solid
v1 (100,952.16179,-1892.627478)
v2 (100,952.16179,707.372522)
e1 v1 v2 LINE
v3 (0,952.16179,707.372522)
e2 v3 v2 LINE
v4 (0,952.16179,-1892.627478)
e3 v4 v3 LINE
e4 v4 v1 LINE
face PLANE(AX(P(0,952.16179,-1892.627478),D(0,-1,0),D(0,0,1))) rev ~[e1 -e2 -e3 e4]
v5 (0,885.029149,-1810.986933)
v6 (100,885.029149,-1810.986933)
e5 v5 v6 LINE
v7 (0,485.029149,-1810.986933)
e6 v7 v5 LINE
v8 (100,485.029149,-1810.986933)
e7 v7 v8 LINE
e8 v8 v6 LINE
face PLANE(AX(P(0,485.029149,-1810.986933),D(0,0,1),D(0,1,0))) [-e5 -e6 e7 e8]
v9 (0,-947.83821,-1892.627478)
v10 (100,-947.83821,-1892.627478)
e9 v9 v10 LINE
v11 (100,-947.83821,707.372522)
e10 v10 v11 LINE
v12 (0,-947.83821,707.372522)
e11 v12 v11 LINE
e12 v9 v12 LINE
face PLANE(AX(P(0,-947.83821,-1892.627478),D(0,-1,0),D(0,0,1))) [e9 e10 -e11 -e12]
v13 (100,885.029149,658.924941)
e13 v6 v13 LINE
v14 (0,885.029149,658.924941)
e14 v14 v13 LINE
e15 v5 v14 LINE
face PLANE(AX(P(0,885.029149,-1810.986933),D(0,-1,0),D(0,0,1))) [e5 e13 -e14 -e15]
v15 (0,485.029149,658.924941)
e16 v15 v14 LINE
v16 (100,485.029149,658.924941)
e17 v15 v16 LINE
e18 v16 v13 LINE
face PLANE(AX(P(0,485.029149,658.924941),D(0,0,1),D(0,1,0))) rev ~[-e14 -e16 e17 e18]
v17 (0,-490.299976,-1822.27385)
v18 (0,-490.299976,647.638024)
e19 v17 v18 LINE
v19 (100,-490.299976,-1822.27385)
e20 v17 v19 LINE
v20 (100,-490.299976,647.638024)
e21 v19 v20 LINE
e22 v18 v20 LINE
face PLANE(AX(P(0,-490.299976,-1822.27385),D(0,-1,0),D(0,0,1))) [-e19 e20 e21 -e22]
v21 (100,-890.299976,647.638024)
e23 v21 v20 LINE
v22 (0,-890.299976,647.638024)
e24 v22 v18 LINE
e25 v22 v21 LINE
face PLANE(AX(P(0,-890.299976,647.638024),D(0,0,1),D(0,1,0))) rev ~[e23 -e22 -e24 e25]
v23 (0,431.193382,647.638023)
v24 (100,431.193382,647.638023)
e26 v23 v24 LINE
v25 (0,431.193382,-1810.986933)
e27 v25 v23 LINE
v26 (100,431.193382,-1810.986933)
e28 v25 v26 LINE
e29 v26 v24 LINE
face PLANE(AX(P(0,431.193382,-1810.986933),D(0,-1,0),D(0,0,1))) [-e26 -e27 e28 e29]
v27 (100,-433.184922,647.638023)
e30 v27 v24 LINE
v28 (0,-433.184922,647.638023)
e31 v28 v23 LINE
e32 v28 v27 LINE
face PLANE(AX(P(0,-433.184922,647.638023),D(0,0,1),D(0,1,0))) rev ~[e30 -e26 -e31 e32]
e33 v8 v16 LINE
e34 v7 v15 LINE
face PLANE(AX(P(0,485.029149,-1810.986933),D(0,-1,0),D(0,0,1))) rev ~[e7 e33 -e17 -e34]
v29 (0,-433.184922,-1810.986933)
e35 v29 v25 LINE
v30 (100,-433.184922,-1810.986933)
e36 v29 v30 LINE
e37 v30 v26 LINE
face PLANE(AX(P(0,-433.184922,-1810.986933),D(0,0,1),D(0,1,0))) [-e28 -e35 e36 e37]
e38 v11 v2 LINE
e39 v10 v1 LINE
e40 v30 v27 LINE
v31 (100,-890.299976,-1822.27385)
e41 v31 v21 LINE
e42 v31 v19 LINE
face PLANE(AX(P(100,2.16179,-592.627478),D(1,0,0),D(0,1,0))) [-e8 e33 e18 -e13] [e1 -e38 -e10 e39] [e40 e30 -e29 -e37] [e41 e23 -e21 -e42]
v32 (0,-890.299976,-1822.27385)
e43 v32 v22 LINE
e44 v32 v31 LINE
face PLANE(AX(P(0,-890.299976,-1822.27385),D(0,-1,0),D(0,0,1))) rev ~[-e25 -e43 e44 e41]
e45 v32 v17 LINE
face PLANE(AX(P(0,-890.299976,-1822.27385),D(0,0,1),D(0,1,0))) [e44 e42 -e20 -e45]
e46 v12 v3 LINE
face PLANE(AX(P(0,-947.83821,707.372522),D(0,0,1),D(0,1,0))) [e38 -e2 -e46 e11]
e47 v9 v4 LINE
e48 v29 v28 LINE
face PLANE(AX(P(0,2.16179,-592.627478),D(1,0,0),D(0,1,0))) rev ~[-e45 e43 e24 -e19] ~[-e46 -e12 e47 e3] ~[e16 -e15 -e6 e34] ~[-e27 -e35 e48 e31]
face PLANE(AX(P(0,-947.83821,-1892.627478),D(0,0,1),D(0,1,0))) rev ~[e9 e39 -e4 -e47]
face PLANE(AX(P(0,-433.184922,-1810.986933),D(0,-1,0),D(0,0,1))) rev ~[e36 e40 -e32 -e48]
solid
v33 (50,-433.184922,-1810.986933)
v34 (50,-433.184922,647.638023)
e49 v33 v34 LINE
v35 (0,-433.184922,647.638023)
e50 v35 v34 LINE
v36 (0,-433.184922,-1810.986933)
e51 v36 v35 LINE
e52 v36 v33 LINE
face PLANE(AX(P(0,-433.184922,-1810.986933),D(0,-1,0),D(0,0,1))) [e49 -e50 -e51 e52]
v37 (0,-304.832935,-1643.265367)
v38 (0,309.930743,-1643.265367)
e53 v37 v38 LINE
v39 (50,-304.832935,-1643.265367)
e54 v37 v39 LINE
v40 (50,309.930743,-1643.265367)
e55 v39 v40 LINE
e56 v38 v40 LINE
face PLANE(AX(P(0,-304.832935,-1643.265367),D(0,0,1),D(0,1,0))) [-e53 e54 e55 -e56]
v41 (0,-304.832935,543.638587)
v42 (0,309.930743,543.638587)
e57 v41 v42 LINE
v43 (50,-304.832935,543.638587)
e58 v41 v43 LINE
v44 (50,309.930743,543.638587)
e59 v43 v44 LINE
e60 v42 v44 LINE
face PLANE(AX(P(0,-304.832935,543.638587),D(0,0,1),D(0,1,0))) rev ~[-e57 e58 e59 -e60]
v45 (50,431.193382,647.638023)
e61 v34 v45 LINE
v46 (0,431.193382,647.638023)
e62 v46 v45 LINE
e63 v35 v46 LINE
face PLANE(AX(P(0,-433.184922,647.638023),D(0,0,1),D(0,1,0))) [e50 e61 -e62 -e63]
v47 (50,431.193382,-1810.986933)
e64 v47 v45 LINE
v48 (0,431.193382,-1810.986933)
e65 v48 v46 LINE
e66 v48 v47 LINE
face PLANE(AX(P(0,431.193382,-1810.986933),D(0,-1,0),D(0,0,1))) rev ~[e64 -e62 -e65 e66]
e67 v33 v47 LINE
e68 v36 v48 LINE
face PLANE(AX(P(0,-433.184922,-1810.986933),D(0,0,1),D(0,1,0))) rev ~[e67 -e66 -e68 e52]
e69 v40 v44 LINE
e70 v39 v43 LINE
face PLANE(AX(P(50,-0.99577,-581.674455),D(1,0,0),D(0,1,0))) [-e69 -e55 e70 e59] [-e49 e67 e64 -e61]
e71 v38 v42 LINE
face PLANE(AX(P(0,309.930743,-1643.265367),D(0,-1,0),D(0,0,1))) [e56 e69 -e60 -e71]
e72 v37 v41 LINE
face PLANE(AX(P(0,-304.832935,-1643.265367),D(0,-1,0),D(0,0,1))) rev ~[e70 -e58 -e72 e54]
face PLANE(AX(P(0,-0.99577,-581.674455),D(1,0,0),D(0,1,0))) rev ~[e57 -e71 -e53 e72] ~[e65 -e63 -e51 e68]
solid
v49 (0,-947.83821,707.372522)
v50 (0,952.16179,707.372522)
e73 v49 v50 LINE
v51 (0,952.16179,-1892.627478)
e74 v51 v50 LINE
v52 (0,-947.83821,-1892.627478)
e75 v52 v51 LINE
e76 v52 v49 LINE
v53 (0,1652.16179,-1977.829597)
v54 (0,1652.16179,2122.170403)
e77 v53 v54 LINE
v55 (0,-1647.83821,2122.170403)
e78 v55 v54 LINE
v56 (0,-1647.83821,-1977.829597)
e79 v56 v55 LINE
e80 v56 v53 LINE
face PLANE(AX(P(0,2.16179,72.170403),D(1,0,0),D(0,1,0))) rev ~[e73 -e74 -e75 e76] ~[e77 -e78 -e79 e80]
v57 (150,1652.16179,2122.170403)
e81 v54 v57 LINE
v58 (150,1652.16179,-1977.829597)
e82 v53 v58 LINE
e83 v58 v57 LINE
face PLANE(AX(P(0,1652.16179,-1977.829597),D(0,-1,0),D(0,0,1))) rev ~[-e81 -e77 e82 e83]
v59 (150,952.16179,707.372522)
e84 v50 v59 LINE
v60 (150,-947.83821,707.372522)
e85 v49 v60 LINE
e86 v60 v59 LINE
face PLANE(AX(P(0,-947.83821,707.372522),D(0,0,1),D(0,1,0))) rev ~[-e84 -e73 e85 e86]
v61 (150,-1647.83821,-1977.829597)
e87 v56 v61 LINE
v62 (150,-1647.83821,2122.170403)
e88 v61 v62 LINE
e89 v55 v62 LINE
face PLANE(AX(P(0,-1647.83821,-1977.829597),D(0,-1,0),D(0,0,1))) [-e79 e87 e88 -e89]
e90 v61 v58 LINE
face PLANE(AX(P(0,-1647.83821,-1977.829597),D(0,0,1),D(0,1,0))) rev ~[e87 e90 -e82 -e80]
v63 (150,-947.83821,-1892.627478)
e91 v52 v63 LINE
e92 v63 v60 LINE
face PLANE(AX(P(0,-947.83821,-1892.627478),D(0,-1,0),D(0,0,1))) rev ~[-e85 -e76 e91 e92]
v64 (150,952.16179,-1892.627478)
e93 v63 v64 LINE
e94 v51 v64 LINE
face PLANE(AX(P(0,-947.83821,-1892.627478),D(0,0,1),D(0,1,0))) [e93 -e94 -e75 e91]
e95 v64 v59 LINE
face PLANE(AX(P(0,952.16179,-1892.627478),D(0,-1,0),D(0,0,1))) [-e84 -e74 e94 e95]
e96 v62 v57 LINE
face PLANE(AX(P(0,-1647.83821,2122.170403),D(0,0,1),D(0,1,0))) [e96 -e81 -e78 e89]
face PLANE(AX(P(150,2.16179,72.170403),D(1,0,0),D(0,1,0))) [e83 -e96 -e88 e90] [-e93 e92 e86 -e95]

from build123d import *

# Parameters (mm, degrees)
F0_W     = 3300
F0_H     = 4100
F0_W_2   = 1900
F0_H_2   = 2600
F1_DEPTH = 150
F0_W_3   = 400
F0_H_3   = 2469.911873
F0_W_4   = 864.378304
F0_H_4   = 2458.624956
F0_H_5   = 2469.911874
F2_DEPTH = 100
F0_W_5   = 614.763677
F0_H_6   = 2186.903954
F3_DEPTH = 50


with BuildPart() as f1:
    # F0 (on Right) → F1 (new body)
    with BuildSketch(Plane.YZ):
        with Locations((2.16179, 72.170403)):
            Rectangle(F0_W, F0_H)
        with Locations((2.16179, -592.627478)):
            Rectangle(F0_W_2, F0_H_2, mode=Mode.SUBTRACT)
    extrude(amount=F1_DEPTH)


with BuildPart() as f2:
    # F0 (on Right) → F2 (new body)
    with BuildSketch(Plane.YZ):
        with Locations((2.16179, -592.627478)):
            Rectangle(F0_W_2, F0_H_2)
        with Locations((-690.299976, -587.317913)):
            Rectangle(F0_W_3, F0_H_3, mode=Mode.SUBTRACT)
        with Locations((-0.99577, -581.674455)):
            Rectangle(F0_W_4, F0_H_4, mode=Mode.SUBTRACT)
        with Locations((685.029149, -576.030996)):
            Rectangle(F0_W_3, F0_H_5, mode=Mode.SUBTRACT)
    extrude(amount=F2_DEPTH)


with BuildPart() as f3:
    # F0 (on Right) → F3 (new body)
    with BuildSketch(Plane.YZ):
        with Locations((-0.99577, -581.674455)):
            Rectangle(F0_W_4, F0_H_4)
        with Locations((2.548904, -549.81339)):
            Rectangle(F0_W_5, F0_H_6, mode=Mode.SUBTRACT)
    extrude(amount=F3_DEPTH)


solid = Compound([f1.part, f2.part, f3.part])
